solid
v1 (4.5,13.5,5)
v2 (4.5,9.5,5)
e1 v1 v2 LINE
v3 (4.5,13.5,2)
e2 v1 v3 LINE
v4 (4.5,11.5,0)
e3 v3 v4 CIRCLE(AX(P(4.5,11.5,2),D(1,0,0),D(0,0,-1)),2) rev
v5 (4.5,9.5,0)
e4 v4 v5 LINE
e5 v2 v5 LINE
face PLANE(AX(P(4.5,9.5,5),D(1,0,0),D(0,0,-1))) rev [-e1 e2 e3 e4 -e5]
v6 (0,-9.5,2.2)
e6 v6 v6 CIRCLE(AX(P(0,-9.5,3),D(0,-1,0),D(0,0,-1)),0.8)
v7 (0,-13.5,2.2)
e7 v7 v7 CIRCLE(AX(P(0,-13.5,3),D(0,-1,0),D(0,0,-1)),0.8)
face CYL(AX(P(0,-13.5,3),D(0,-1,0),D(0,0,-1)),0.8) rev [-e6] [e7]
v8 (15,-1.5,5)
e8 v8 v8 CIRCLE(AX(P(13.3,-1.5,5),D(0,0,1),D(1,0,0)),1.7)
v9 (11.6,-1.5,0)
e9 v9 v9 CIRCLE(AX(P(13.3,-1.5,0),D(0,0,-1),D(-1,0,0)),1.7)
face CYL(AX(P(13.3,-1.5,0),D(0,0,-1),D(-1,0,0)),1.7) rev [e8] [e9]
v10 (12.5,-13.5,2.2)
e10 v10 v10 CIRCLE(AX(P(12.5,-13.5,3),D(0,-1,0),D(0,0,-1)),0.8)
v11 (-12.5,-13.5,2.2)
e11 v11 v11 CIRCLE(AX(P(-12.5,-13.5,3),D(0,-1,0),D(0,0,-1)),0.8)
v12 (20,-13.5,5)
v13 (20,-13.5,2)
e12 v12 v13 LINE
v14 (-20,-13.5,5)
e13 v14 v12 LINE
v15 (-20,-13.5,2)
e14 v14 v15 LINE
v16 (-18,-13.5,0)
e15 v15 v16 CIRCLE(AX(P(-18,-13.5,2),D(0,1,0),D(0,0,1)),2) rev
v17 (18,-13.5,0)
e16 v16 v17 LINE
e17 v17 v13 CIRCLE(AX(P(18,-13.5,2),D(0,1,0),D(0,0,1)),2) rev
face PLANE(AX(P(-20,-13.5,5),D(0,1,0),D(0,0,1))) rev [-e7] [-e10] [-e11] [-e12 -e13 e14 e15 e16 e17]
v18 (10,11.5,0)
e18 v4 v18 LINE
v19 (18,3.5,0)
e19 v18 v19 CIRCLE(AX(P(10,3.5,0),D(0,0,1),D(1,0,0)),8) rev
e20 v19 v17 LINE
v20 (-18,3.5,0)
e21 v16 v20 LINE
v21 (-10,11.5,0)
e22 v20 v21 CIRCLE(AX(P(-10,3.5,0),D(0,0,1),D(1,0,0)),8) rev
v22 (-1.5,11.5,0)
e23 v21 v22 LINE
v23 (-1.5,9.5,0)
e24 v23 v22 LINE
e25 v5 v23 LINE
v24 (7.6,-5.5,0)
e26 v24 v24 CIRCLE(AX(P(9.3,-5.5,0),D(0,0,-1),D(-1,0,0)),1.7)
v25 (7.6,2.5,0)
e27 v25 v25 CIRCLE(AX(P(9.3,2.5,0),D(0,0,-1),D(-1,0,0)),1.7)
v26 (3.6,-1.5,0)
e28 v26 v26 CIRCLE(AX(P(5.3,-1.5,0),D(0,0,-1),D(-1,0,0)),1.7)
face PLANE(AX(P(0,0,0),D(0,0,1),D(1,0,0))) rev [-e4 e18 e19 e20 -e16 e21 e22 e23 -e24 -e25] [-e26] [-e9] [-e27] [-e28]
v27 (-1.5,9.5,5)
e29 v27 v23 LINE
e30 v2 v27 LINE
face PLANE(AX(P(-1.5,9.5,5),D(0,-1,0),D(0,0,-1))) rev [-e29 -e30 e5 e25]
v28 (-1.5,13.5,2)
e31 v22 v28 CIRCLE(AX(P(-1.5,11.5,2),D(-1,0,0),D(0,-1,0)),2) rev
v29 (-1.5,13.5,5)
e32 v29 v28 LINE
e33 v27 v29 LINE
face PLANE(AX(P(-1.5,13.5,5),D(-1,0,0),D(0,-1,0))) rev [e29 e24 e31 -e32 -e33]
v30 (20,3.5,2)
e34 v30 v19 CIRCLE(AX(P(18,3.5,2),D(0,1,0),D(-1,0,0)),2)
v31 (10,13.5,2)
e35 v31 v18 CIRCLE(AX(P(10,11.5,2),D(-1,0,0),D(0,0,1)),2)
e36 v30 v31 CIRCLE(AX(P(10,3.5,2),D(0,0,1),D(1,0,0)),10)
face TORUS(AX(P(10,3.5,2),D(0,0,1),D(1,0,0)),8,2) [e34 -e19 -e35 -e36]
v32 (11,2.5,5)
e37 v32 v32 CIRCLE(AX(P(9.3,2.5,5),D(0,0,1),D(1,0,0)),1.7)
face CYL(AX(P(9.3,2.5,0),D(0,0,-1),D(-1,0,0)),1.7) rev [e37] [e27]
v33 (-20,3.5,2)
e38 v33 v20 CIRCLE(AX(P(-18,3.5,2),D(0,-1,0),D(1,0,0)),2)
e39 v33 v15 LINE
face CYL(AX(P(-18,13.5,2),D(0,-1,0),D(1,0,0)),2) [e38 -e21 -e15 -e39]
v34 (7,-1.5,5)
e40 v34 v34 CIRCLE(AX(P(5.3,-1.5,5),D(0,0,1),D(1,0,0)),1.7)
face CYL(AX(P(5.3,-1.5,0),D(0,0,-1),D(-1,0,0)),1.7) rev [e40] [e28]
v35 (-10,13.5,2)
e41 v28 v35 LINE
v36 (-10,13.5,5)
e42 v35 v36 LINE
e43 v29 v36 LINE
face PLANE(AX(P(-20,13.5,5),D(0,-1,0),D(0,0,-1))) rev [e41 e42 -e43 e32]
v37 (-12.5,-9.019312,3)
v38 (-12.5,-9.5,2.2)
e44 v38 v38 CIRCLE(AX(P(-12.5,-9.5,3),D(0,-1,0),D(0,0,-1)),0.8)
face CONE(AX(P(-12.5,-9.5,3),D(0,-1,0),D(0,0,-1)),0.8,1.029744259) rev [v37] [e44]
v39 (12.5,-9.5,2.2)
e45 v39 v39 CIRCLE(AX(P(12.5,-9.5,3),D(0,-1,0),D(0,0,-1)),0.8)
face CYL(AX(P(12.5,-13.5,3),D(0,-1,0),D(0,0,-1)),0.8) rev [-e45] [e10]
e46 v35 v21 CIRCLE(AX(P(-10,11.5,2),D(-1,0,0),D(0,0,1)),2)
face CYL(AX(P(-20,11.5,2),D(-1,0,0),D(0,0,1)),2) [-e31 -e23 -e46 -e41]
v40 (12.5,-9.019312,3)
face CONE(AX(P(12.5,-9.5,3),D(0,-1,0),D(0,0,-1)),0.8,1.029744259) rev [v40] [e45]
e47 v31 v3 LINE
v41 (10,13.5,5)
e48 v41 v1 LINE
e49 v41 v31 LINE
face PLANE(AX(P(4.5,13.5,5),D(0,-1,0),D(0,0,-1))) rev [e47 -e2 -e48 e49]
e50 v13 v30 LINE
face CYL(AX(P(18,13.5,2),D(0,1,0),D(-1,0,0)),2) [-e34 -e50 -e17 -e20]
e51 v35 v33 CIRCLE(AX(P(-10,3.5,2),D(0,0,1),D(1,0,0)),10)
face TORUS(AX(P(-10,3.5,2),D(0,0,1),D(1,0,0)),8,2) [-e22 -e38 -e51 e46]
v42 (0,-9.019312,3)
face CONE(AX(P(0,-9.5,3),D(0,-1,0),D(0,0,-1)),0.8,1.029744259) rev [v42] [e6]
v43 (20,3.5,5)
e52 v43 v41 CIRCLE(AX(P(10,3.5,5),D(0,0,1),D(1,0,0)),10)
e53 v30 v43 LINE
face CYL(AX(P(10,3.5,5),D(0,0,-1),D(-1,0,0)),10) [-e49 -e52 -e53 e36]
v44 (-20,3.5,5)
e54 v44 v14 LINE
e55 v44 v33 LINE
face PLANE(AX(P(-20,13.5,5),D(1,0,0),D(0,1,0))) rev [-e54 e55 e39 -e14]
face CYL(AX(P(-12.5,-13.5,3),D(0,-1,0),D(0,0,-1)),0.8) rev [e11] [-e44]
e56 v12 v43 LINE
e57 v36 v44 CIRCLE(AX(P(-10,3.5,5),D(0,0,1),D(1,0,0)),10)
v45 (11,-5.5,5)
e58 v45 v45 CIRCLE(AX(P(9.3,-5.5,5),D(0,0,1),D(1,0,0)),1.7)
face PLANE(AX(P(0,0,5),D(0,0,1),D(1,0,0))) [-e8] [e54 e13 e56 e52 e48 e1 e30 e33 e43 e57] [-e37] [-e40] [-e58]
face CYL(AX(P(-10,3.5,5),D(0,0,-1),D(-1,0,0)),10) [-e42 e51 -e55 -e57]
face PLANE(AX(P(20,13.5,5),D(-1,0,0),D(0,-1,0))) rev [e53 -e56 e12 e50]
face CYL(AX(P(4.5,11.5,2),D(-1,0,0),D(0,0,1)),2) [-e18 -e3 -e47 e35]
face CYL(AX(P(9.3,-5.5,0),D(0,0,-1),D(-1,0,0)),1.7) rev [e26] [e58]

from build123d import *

# Parameters (mm, degrees)
EXTRUDE_1_DEPTH        = 5
FILLET_1_R             = 10
FILLET_2_R             = 2
HOLE_WIZARD_M2_1_D     = 1.6
HOLE_WIZARD_M2_1_DEPTH = 4
HOLE_WIZARD_M2_1_TIP   = 0.480688495
HOLE_WIZARD_M3_1_D     = 3.4
HOLE_WIZARD_M3_1_DEPTH = 5.6
HOLE_WIZARD_M3_1_TIP   = 1.021463052


with BuildPart() as part:
    # 스케치1 → 보스-돌출1 (new body)
    with BuildSketch(Plane.XY):
        Polygon((-1.5, 13.5), (-1.5, 9.5), (4.5, 9.5), (4.5, 13.5), (20, 13.5), (20, -13.5), (-20, -13.5), (-20, 13.5), align=None)
    extrude(amount=EXTRUDE_1_DEPTH)

    # 필렛1
    fillet_1_edges = [part.edges().sort_by_distance(p)[0] for p in [
        (-20, 13.5, 2.5),
        (20, 13.5, 2.5),
    ]]
    fillet(fillet_1_edges, radius=FILLET_1_R)

    # 필렛2
    fillet_2_edges = [part.edges().sort_by_distance(p)[0] for p in [
        (20, -5, 0),
        (-20, -5, 0),
        (7.25, 13.5, 0),
        (17.071067812, 10.571067812, 0),
        (-17.071067812, 10.571067812, 0),
        (-5.75, 13.5, 0),
    ]]
    fillet(fillet_2_edges, radius=FILLET_2_R)

    # M2 나사 구멍1
    with Locations(Plane(origin=(0, -13.5, 0), x_dir=(-1, 0, 0), z_dir=(0, -1, 0))):
        with Locations((12.5, -3), (0, -3), (-12.5, -3)):
            Hole(HOLE_WIZARD_M2_1_D / 2, depth=HOLE_WIZARD_M2_1_DEPTH)
            with Locations((0, 0, -(HOLE_WIZARD_M2_1_DEPTH + HOLE_WIZARD_M2_1_TIP / 2))):  # 118° drill point
                Cone(0, HOLE_WIZARD_M2_1_D / 2, HOLE_WIZARD_M2_1_TIP, mode=Mode.SUBTRACT)

    # M3 여유 구멍1
    with Locations(Plane(origin=(0, 0, 0), x_dir=(-1, 0, 0), z_dir=(0, 0, -1))):
        with Locations((-13.3, -1.5), (-9.3, 2.5), (-5.3, -1.5), (-9.3, -5.5)):
            Hole(HOLE_WIZARD_M3_1_D / 2, depth=HOLE_WIZARD_M3_1_DEPTH)
            with Locations((0, 0, -(HOLE_WIZARD_M3_1_DEPTH + HOLE_WIZARD_M3_1_TIP / 2))):  # 118° drill point
                Cone(0, HOLE_WIZARD_M3_1_D / 2, HOLE_WIZARD_M3_1_TIP, mode=Mode.SUBTRACT)


solid = part.part
